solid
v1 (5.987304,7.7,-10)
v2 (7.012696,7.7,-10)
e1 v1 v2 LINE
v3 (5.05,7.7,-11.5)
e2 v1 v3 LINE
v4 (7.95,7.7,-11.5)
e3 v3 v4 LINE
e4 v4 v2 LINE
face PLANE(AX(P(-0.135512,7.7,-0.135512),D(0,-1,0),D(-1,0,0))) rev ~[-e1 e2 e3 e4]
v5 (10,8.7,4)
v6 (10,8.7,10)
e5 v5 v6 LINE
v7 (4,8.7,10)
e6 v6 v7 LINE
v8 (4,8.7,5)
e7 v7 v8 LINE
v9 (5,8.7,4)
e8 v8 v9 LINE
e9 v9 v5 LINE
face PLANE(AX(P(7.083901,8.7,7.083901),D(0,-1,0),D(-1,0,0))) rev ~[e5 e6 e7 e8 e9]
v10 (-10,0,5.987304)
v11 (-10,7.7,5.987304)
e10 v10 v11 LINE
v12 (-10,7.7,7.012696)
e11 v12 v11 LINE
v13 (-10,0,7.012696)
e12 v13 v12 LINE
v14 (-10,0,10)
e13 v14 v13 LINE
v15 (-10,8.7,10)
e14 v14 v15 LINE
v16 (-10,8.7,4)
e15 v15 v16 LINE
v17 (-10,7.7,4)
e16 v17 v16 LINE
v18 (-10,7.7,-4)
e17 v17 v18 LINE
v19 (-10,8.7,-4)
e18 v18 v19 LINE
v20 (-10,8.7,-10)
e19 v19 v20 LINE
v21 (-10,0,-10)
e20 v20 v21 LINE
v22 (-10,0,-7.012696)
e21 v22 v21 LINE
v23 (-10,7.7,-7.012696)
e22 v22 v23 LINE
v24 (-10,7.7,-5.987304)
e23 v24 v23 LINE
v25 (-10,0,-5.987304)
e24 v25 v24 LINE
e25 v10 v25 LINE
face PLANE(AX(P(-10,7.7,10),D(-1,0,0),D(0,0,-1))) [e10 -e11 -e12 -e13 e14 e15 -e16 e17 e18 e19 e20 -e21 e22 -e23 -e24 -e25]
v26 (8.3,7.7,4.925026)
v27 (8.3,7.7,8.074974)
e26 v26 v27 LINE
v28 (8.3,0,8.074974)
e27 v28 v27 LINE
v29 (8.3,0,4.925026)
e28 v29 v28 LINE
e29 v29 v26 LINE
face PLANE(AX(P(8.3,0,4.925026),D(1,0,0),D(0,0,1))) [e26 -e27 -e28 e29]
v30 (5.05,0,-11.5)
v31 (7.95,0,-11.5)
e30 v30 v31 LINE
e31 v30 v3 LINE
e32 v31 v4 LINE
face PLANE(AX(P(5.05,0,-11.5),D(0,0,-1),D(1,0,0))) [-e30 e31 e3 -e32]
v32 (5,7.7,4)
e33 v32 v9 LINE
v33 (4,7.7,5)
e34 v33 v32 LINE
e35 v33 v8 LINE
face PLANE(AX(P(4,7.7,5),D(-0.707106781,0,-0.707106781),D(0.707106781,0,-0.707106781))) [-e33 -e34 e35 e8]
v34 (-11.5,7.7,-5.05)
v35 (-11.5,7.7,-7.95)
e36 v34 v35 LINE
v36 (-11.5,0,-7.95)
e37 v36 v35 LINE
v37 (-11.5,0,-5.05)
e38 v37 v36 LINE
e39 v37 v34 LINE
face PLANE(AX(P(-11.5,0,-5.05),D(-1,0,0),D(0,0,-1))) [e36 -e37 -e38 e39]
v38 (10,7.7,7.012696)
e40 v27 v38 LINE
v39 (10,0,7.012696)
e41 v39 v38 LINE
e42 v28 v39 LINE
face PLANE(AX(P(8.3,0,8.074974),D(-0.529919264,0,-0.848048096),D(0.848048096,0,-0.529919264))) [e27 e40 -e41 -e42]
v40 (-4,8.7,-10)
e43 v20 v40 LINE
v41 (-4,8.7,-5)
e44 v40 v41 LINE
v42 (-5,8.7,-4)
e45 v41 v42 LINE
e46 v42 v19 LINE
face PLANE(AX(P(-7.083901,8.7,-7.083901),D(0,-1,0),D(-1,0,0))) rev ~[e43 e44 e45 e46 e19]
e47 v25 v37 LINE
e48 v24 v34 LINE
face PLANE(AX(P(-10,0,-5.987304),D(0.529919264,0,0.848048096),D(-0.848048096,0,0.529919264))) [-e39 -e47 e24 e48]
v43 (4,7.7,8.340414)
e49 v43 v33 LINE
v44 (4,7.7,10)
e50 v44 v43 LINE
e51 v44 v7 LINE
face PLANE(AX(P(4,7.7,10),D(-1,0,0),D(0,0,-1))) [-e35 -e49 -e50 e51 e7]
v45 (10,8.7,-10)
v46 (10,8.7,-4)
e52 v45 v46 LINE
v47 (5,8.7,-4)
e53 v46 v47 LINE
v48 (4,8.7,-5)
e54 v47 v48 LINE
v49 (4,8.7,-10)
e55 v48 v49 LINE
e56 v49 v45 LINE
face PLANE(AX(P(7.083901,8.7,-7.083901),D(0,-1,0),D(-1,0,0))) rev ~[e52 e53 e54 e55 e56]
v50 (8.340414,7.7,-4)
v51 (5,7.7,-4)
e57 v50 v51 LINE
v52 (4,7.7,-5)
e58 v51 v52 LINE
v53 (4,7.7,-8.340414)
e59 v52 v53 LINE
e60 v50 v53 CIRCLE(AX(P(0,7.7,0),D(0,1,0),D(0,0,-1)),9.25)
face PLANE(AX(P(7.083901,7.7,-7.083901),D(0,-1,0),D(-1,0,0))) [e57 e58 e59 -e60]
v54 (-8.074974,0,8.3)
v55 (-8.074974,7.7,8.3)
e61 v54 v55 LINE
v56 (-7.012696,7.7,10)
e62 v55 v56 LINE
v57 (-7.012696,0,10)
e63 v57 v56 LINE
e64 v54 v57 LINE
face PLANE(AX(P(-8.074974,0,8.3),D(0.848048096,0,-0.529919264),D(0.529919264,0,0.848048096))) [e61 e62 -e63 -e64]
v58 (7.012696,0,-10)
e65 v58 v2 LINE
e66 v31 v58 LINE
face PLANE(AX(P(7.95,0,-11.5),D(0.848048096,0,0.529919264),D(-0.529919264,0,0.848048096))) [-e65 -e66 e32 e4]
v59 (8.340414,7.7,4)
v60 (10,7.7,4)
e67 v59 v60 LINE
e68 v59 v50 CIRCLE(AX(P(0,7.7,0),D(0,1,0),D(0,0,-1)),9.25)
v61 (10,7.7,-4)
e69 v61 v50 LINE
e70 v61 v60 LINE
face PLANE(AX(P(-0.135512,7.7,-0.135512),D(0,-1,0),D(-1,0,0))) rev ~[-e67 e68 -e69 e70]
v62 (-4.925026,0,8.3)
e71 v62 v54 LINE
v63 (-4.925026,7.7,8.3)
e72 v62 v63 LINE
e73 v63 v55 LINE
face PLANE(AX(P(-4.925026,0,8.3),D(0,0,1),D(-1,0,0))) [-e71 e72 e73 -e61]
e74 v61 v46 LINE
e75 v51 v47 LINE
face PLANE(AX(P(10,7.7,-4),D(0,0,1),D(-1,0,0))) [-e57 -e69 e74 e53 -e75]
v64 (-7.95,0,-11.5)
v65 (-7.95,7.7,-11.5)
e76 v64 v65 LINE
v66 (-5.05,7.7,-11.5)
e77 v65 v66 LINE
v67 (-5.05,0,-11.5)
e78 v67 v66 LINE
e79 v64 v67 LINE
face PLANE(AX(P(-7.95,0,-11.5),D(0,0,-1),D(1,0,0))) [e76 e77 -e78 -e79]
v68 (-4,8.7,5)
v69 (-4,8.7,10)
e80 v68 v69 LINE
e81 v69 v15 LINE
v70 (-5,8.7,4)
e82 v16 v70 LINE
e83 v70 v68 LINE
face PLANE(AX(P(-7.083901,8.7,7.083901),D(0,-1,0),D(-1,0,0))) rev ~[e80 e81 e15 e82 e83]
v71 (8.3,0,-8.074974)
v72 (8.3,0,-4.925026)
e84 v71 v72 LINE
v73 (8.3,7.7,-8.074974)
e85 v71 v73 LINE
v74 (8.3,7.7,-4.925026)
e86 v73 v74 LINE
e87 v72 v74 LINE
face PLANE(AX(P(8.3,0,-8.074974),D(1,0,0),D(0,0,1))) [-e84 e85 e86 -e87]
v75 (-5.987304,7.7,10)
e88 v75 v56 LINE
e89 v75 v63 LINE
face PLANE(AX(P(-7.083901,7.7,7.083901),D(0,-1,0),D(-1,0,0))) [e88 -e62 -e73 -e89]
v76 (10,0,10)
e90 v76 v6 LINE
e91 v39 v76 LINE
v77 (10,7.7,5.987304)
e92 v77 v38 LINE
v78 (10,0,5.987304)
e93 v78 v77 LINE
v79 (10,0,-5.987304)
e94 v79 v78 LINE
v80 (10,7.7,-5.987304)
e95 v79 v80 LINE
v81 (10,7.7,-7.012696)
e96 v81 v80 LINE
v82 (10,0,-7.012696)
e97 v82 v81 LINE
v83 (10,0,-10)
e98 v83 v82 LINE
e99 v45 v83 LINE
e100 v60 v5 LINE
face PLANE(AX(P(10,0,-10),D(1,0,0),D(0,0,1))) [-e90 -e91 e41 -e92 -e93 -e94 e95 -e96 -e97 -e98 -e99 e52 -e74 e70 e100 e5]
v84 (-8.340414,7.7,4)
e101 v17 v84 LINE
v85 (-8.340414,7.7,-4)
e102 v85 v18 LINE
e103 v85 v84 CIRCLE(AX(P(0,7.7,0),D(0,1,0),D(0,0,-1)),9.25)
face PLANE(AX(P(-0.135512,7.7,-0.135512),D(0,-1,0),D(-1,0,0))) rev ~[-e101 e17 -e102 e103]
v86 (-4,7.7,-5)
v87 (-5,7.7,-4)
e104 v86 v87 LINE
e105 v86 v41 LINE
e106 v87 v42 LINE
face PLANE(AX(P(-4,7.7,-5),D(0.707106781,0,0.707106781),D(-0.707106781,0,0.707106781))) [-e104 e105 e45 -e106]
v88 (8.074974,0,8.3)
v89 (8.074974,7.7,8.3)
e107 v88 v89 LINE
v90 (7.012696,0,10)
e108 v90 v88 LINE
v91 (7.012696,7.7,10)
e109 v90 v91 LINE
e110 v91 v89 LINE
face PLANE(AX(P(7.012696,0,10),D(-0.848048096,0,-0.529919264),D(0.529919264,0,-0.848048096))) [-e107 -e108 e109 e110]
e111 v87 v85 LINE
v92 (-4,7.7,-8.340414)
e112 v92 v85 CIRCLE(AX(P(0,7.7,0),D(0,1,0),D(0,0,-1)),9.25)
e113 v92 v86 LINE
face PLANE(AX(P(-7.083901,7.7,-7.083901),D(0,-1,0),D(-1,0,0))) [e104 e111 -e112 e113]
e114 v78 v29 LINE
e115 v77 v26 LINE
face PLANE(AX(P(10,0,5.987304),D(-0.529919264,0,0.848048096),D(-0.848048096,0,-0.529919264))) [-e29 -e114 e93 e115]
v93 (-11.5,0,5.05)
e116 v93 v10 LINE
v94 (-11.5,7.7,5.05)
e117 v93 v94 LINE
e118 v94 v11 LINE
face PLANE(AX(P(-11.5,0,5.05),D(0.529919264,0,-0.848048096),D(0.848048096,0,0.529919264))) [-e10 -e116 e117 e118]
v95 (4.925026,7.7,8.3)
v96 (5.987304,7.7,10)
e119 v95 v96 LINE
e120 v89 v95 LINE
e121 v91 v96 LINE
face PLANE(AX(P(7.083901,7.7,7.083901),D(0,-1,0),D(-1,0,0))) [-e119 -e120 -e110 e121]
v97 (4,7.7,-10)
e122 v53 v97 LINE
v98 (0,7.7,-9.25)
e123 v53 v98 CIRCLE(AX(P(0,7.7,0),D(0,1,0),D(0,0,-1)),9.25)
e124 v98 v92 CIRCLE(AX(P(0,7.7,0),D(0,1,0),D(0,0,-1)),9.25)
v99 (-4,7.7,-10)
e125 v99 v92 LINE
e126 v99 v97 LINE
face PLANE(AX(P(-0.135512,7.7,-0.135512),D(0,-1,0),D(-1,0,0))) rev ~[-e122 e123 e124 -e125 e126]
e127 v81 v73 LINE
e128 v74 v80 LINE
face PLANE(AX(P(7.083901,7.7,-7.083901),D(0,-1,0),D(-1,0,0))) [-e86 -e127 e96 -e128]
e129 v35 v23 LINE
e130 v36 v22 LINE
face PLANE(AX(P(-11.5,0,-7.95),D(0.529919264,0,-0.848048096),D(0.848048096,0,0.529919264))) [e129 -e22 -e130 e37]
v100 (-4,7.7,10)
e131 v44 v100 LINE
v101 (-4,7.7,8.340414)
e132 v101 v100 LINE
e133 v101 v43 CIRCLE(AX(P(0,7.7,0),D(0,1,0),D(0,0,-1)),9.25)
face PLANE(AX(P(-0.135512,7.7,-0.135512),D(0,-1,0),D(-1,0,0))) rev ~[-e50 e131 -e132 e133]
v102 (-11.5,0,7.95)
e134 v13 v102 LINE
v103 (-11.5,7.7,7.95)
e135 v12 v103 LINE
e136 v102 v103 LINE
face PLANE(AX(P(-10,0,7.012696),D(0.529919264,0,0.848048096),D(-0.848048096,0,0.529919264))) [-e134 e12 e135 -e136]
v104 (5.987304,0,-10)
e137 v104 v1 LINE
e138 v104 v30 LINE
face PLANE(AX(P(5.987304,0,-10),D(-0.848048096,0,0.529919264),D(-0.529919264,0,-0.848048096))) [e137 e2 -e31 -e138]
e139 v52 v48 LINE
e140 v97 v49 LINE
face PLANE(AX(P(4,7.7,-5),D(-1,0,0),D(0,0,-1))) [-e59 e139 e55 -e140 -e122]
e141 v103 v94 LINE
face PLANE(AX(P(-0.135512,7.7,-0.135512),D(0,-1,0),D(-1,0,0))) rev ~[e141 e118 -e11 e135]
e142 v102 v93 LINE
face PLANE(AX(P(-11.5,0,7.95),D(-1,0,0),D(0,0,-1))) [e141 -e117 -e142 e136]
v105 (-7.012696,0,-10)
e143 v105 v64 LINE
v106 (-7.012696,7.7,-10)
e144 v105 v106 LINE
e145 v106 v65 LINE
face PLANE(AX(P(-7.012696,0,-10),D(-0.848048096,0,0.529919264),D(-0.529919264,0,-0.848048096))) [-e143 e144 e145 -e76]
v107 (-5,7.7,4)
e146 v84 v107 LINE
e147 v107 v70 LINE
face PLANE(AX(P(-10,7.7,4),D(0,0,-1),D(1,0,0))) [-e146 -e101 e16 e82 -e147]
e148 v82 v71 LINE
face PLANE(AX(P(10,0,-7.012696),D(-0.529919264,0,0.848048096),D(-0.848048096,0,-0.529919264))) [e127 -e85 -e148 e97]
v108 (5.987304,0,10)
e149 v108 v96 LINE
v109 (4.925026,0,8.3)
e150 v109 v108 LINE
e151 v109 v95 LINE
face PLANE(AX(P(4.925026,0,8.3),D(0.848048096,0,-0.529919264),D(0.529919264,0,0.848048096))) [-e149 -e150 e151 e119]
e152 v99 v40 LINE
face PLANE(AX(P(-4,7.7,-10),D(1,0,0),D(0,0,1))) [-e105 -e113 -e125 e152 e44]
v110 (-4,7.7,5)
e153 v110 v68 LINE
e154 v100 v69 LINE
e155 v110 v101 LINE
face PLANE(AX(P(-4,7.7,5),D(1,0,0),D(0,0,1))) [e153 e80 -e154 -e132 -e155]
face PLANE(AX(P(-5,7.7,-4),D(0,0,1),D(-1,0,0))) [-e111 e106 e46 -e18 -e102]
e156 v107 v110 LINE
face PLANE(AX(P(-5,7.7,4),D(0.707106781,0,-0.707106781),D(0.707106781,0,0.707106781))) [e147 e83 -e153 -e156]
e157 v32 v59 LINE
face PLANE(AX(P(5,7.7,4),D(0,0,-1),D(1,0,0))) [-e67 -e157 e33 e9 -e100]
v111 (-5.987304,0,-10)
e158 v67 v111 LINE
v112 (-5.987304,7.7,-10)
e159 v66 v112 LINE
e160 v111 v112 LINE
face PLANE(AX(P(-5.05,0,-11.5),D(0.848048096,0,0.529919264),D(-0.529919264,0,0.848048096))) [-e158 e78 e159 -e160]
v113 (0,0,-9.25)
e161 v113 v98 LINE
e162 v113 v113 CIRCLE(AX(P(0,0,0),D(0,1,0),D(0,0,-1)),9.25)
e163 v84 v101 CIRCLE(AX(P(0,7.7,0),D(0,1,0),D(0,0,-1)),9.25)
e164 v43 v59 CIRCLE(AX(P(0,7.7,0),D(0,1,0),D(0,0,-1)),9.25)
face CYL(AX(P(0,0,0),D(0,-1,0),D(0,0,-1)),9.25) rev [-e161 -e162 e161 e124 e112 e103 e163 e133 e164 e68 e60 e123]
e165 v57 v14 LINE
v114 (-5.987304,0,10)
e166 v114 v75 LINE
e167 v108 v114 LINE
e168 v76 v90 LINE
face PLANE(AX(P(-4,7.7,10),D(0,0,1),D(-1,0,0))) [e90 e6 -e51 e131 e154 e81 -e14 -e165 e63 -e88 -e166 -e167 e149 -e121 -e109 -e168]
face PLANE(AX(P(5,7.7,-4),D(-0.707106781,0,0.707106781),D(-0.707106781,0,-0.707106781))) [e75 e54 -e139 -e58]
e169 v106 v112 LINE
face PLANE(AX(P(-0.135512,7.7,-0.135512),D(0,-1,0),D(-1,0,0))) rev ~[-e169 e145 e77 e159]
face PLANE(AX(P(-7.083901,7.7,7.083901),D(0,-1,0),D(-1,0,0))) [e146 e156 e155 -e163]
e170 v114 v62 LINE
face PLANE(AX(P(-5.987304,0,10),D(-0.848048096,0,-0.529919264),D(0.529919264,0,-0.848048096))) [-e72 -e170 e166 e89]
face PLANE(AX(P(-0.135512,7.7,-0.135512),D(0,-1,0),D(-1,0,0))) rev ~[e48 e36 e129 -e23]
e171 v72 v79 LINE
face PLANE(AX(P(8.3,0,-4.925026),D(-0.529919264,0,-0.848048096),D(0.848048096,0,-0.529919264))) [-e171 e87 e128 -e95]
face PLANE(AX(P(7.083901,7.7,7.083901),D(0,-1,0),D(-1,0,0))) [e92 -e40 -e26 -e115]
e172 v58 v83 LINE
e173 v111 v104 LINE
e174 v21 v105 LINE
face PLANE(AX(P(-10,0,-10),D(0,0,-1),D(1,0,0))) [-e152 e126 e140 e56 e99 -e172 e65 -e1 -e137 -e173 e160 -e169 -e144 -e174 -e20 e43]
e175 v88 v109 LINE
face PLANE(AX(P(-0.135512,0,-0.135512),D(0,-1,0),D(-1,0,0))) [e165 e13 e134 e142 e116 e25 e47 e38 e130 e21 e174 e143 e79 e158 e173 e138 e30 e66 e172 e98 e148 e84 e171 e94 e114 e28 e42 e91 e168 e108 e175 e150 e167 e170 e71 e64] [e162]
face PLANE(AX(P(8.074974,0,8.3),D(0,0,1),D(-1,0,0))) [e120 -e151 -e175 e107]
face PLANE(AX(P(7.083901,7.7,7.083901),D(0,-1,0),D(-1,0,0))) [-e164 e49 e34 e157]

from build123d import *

# Parameters (mm, degrees)
SKETCH1_R           = 9.25
BOSS_EXTRUDE1_DEPTH = 7.7
BOSS_EXTRUDE2_DEPTH = 1


with BuildPart() as part:
    # Sketch1 → Boss-Extrude1 (new body)
    with BuildSketch(Plane(origin=(0, 0, 0), x_dir=(1, 0, 0), z_dir=(0, 1, 0))):
        Polygon((-7.012695972, 10), (-7.95, 11.5), (-5.05, 11.5), (-5.987304028, 10), (5.987304028, 10), (5.05, 11.5), (7.95, 11.5), (7.012695972, 10), (10, 10), (10, 7.012695972), (8.3, 8.07497387), (8.3, 4.92502613), (10, 5.987304028), (10, -5.987304028), (8.3, -4.92502613), (8.3, -8.07497387), (10, -7.012695972), (10, -10), (7.012695972, -10), (8.07497387, -8.3), (4.92502613, -8.3), (5.987304028, -10), (-5.987304028, -10), (-4.92502613, -8.3), (-8.07497387, -8.3), (-7.012695972, -10), (-10, -10), (-10, -7.012695972), (-11.5, -7.95), (-11.5, -5.05), (-10, -5.987304028), (-10, 5.987304028), (-11.5, 5.05), (-11.5, 7.95), (-10, 7.012695972), (-10, 10), align=None)
        with Locations(Location((0, 0, 0), (0, 0, 90))):
            Circle(SKETCH1_R, mode=Mode.SUBTRACT)
    extrude(amount=BOSS_EXTRUDE1_DEPTH)

    # Sketch2 → Boss-Extrude2 (add)
    with BuildSketch(Plane(origin=(0, 7.7, 0), x_dir=(1, 0, 0), z_dir=(0, 1, 0))):
        Polygon((-5, -4), (-4, -5), (-4, -10), (-10, -10), (-10, -4), align=None)
        Polygon((-4, 10), (-4, 5), (-5, 4), (-10, 4), (-10, 10), align=None)
        Polygon((10, 4), (5, 4), (4, 5), (4, 10), (10, 10), align=None)
        Polygon((4, -10), (4, -5), (5, -4), (10, -4), (10, -10), align=None)
    extrude(amount=BOSS_EXTRUDE2_DEPTH)


solid = part.part
